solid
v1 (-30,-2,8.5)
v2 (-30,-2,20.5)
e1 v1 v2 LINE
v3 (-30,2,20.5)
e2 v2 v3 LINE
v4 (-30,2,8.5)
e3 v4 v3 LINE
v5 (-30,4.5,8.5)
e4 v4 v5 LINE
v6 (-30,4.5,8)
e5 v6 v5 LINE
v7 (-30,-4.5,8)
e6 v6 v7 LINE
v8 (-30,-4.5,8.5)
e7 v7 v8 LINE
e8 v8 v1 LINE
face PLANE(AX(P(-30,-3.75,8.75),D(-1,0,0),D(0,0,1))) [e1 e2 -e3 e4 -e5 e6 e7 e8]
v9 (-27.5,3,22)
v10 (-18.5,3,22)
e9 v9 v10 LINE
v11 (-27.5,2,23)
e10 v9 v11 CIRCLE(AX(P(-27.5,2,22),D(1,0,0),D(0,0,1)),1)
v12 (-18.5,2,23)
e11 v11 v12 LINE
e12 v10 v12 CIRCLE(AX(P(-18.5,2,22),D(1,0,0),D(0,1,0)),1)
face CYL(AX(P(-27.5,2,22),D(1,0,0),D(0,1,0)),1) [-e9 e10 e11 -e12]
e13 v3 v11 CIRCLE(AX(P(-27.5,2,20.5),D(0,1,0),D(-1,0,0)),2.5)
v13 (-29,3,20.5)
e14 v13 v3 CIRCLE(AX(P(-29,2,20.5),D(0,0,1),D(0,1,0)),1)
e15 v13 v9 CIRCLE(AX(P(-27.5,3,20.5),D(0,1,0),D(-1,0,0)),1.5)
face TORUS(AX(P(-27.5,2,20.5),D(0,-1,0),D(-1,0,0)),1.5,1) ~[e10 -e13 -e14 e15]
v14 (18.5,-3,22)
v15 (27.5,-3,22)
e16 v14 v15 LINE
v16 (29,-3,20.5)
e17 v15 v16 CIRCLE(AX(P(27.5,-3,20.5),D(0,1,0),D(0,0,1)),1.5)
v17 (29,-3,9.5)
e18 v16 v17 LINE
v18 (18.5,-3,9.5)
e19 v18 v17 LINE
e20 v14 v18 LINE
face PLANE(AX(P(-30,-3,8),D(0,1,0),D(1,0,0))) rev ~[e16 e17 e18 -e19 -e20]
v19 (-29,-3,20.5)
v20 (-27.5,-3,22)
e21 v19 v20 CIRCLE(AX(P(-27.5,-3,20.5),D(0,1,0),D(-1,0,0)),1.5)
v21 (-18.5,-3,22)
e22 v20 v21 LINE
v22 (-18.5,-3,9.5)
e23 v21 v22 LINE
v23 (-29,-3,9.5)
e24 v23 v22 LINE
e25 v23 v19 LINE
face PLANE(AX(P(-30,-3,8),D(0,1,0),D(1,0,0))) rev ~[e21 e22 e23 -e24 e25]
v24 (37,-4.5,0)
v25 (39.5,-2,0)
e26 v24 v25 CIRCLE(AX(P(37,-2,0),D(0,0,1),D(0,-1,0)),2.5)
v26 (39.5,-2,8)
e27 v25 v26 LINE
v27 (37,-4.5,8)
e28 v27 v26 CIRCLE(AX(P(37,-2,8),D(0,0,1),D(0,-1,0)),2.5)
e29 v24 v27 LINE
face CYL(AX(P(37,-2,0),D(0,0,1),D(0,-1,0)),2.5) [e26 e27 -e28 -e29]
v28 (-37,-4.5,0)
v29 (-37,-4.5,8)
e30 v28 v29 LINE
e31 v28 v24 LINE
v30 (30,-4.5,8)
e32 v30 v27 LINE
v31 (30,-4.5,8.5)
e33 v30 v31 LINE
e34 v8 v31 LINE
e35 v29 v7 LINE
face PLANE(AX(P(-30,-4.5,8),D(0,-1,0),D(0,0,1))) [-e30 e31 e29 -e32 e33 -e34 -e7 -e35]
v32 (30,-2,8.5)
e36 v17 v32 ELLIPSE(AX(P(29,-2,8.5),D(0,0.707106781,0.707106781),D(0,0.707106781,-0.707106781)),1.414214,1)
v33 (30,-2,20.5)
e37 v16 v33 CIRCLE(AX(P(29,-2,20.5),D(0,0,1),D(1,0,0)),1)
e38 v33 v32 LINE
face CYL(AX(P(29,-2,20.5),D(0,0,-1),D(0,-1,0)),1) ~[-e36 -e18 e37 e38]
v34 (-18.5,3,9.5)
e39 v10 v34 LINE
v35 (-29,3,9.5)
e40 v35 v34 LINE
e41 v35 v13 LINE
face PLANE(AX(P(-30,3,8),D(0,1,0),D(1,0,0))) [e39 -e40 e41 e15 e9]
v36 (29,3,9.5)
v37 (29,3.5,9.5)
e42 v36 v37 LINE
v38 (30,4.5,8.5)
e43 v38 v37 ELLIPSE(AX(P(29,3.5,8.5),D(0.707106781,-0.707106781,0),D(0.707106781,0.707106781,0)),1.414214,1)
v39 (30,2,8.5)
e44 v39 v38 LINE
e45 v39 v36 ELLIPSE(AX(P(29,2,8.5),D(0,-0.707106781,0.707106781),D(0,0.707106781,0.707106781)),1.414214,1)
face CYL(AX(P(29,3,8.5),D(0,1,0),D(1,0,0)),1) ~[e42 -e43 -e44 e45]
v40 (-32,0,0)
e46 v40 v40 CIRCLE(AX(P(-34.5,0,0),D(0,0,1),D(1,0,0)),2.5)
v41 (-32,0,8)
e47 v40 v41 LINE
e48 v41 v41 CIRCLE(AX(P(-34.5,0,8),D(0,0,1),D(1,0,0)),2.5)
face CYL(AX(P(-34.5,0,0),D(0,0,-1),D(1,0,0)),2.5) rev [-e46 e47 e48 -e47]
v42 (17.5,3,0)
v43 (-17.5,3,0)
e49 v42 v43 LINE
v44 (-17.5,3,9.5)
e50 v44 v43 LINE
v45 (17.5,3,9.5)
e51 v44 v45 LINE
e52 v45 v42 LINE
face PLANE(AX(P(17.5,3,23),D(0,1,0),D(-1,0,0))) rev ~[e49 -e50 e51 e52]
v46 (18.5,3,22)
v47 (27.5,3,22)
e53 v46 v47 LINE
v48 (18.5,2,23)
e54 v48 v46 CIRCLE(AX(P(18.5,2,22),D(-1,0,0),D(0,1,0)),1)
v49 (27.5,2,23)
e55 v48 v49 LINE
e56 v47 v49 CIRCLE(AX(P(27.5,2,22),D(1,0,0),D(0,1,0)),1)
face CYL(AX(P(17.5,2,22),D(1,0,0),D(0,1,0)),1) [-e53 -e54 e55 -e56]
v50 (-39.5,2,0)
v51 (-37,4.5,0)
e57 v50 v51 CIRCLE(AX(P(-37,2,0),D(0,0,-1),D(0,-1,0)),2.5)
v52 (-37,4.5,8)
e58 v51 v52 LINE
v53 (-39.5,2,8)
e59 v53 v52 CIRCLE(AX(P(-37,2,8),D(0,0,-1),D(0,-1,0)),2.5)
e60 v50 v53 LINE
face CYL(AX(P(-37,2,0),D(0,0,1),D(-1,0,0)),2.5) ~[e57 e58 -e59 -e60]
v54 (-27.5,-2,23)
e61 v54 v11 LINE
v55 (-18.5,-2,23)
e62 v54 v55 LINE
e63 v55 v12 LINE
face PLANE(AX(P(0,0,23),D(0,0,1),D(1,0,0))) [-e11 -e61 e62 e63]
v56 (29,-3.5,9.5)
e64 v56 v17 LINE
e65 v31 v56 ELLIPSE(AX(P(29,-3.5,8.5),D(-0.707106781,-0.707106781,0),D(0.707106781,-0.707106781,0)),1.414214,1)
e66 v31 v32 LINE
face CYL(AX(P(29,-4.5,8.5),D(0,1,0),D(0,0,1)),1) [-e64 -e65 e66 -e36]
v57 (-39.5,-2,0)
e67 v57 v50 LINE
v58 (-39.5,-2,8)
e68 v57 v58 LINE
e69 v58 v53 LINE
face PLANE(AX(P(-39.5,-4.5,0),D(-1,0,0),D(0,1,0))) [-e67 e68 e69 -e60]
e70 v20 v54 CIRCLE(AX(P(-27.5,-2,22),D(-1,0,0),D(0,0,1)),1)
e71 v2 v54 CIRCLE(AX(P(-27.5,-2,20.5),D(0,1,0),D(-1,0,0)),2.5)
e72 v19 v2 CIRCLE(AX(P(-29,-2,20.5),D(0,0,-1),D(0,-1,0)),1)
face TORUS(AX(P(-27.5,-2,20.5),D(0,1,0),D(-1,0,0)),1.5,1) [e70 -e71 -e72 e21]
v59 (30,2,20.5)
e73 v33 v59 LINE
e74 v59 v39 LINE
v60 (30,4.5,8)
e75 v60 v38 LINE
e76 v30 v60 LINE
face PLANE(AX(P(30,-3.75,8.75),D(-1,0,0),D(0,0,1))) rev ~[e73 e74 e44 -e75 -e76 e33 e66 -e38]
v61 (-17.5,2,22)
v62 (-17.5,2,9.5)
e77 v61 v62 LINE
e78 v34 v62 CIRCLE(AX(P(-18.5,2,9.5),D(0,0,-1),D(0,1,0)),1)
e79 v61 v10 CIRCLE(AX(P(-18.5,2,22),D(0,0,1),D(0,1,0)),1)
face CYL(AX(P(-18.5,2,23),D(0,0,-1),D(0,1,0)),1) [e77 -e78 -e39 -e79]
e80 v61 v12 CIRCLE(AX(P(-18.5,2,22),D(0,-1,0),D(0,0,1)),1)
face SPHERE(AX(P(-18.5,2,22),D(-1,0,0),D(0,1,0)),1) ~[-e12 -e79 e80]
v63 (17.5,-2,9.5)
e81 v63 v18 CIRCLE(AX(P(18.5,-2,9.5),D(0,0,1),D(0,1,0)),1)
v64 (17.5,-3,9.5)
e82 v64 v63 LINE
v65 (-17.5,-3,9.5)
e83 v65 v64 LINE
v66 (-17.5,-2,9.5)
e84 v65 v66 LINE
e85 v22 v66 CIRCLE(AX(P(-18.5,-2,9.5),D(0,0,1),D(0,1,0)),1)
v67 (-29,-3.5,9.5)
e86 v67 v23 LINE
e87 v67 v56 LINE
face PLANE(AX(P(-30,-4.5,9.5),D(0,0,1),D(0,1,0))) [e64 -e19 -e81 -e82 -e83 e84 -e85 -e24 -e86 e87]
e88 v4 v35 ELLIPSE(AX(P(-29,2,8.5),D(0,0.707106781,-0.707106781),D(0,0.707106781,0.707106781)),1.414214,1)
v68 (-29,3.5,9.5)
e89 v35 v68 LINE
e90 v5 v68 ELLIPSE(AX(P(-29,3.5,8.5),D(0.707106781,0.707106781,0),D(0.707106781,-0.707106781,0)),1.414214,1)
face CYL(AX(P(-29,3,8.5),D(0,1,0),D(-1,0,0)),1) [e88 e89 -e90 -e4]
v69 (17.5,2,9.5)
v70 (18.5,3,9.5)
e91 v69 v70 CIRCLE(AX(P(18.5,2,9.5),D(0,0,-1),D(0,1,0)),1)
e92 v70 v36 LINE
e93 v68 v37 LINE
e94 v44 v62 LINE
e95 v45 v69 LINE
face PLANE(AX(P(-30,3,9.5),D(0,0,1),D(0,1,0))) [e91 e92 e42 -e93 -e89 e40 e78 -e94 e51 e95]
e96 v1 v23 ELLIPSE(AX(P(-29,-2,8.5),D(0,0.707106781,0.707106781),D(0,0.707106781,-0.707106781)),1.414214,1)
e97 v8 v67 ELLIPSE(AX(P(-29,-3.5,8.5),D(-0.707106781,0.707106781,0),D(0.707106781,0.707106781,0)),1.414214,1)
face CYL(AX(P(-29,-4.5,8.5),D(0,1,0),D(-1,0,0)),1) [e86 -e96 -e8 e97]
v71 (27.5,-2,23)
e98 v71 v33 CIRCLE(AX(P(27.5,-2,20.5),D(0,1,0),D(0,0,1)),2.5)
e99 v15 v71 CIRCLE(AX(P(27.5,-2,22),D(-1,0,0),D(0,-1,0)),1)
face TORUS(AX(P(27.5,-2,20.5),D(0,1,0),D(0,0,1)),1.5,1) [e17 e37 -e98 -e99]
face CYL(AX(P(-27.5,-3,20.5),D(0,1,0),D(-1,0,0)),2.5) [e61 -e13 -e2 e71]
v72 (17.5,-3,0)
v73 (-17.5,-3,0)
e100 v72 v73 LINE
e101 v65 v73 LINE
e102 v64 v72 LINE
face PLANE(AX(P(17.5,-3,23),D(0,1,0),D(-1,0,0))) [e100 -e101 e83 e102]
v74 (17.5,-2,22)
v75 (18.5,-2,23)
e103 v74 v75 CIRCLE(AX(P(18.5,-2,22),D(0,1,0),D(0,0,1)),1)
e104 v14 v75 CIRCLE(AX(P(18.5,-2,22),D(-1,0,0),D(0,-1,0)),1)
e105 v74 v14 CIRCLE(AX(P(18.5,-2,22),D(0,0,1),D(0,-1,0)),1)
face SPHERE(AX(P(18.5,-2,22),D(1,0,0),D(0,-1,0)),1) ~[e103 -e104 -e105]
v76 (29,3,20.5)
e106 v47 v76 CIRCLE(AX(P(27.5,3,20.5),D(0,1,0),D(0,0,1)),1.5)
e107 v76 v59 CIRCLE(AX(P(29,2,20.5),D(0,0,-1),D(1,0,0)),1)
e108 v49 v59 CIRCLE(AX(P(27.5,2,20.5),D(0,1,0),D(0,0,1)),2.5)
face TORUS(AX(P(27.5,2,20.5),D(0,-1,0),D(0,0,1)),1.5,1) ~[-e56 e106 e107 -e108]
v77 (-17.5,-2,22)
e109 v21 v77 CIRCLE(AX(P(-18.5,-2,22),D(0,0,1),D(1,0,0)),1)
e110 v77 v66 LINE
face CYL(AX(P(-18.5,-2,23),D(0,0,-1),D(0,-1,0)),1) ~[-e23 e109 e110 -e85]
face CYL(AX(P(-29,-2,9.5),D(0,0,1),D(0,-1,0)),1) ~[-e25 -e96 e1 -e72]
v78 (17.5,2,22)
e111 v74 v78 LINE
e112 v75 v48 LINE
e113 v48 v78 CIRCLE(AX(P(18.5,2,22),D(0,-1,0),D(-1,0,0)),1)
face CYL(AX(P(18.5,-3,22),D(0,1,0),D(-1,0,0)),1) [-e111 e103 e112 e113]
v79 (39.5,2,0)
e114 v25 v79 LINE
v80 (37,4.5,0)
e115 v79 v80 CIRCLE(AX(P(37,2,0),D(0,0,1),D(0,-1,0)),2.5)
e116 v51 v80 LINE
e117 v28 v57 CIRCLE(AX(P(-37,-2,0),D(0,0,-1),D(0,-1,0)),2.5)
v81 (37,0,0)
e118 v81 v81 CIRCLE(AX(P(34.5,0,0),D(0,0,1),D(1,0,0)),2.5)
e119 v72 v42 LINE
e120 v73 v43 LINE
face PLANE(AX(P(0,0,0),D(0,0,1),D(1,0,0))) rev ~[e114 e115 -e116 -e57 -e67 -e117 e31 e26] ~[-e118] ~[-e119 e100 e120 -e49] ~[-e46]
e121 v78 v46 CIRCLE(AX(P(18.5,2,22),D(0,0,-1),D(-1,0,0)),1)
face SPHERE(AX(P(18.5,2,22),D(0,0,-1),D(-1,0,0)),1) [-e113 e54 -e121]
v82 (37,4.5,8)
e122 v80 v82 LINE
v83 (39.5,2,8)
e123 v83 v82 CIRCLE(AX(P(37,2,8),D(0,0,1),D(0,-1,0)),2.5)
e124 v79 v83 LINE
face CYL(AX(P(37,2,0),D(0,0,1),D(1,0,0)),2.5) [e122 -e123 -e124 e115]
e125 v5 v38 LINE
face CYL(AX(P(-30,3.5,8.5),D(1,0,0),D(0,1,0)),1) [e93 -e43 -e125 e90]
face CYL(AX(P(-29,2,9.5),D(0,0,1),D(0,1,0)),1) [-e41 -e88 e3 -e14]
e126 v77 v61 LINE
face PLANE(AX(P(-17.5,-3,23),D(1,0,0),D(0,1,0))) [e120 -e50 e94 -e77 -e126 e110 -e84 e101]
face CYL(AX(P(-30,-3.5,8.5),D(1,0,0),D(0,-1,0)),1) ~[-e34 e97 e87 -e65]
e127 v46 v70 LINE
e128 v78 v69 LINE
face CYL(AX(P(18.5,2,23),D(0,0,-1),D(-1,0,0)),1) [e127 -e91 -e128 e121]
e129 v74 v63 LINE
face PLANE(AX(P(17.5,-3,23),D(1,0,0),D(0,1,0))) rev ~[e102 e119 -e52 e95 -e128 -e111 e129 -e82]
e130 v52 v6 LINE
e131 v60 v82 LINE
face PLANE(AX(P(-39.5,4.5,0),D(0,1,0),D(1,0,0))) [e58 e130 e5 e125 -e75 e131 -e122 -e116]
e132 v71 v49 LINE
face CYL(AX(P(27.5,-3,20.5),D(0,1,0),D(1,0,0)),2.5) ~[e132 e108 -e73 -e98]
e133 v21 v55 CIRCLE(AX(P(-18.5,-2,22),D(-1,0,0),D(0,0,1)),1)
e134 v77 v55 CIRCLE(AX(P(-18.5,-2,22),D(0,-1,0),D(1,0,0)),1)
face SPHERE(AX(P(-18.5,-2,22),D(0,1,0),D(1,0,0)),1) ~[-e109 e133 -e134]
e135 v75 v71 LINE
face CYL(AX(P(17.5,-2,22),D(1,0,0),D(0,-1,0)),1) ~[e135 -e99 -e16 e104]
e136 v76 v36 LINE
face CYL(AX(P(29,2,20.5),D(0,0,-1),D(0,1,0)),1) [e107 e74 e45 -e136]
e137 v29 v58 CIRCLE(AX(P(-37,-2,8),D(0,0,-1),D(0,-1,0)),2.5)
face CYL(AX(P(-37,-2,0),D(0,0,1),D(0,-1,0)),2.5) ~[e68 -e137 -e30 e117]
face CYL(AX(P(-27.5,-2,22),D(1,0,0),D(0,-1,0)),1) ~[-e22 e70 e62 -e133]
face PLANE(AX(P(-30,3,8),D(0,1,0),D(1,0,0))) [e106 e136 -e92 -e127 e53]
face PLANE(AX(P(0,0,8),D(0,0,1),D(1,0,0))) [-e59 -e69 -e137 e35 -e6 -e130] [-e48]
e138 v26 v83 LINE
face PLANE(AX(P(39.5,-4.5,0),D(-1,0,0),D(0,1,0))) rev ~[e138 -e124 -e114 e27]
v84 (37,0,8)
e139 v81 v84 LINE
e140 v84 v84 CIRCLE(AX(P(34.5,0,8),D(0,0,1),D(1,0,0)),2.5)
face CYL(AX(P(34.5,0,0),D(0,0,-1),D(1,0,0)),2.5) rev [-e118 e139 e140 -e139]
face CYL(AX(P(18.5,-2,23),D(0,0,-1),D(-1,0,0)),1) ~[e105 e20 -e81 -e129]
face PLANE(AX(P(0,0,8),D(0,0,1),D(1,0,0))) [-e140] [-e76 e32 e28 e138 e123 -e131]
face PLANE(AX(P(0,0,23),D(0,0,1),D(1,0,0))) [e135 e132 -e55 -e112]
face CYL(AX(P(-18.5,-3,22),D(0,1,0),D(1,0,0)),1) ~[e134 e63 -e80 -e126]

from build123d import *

# Parameters (mm, degrees)
SKETCH1_W           = 79
SKETCH1_H           = 9
SKETCH1_R           = 2.5
BOSS_EXTRUDE1_DEPTH = 8
SKETCH2_W           = 60
SKETCH2_H           = 6
BOSS_EXTRUDE2_DEPTH = 15
SKETCH3_W           = 1.5
SKETCH3_H           = 1.5
BOSS_EXTRUDE3_DEPTH = 60
SKETCH4_W           = 35
SKETCH4_H           = 6
CUT_EXTRUDE1_DEPTH  = 23
FILLET1_R           = 2.5
FILLET2_R           = 1


with BuildPart() as part:
    # Sketch1 → Boss-Extrude1 (new body)
    with BuildSketch(Plane.XY):
        Rectangle(SKETCH1_W, SKETCH1_H)
        with Locations((-34.5, 0)):
            Circle(SKETCH1_R, mode=Mode.SUBTRACT)
        with Locations((34.5, 0)):
            Circle(SKETCH1_R, mode=Mode.SUBTRACT)
    extrude(amount=BOSS_EXTRUDE1_DEPTH)

    # Sketch2 → Boss-Extrude2 (add)
    with BuildSketch(Plane.XY.offset(8)):
        Rectangle(SKETCH2_W, SKETCH2_H)
    extrude(amount=BOSS_EXTRUDE2_DEPTH)

    # Sketch3 → Boss-Extrude3 (add)
    with BuildSketch(Plane.ZY.offset(30)):
        with Locations((8.75, -3.75)):
            Rectangle(SKETCH3_W, SKETCH3_H)
        with Locations((8.75, 3.75)):
            Rectangle(SKETCH3_W, SKETCH3_H)
    extrude(amount=-BOSS_EXTRUDE3_DEPTH)

    # Sketch4 → Cut-Extrude1 (cut)
    with BuildSketch(Plane(origin=(0, 0, 23), x_dir=(-1, 0, 0), z_dir=(0, 0, -1))):
        Rectangle(SKETCH4_W, SKETCH4_H)
    extrude(amount=CUT_EXTRUDE1_DEPTH, mode=Mode.SUBTRACT)

    # Fillet1
    fillet1_edges = [part.edges().sort_by_distance(p)[0] for p in [
        (39.5, -4.5, 4),
        (-39.5, -4.5, 4),
        (-39.5, 4.5, 4),
        (39.5, 4.5, 4),
        (30, 0, 23),
        (-30, 0, 23),
    ]]
    fillet(fillet1_edges, radius=FILLET1_R)

    # Fillet2
    fillet2_edges = [part.edges().sort_by_distance(p)[0] for p in [
        (0, 4.5, 9.5),
        (-30, 3.75, 9.5),
        (30, 3.75, 9.5),
        (0, -4.5, 9.5),
        (-30, -3.75, 9.5),
        (30, -3.75, 9.5),
        (-22.5, 3, 23),
        (22.5, -3, 23),
        (-17.5, 3, 16.25),
        (17.5, -3, 16.25),
        (-17.5, 0, 23),
        (17.5, 3, 16.25),
        (17.5, 0, 23),
        (-17.5, -3, 16.25),
        (22.5, 3, 23),
        (30, 3, 15),
        (29.267766953, 3, 22.267766953),
        (30, -3, 15),
        (29.267766953, -3, 22.267766953),
        (-22.5, -3, 23),
        (-30, -3, 15),
        (-29.267766953, -3, 22.267766953),
        (-30, 3, 15),
        (-29.267766953, 3, 22.267766953),
    ]]
    fillet(fillet2_edges, radius=FILLET2_R)


solid = part.part
